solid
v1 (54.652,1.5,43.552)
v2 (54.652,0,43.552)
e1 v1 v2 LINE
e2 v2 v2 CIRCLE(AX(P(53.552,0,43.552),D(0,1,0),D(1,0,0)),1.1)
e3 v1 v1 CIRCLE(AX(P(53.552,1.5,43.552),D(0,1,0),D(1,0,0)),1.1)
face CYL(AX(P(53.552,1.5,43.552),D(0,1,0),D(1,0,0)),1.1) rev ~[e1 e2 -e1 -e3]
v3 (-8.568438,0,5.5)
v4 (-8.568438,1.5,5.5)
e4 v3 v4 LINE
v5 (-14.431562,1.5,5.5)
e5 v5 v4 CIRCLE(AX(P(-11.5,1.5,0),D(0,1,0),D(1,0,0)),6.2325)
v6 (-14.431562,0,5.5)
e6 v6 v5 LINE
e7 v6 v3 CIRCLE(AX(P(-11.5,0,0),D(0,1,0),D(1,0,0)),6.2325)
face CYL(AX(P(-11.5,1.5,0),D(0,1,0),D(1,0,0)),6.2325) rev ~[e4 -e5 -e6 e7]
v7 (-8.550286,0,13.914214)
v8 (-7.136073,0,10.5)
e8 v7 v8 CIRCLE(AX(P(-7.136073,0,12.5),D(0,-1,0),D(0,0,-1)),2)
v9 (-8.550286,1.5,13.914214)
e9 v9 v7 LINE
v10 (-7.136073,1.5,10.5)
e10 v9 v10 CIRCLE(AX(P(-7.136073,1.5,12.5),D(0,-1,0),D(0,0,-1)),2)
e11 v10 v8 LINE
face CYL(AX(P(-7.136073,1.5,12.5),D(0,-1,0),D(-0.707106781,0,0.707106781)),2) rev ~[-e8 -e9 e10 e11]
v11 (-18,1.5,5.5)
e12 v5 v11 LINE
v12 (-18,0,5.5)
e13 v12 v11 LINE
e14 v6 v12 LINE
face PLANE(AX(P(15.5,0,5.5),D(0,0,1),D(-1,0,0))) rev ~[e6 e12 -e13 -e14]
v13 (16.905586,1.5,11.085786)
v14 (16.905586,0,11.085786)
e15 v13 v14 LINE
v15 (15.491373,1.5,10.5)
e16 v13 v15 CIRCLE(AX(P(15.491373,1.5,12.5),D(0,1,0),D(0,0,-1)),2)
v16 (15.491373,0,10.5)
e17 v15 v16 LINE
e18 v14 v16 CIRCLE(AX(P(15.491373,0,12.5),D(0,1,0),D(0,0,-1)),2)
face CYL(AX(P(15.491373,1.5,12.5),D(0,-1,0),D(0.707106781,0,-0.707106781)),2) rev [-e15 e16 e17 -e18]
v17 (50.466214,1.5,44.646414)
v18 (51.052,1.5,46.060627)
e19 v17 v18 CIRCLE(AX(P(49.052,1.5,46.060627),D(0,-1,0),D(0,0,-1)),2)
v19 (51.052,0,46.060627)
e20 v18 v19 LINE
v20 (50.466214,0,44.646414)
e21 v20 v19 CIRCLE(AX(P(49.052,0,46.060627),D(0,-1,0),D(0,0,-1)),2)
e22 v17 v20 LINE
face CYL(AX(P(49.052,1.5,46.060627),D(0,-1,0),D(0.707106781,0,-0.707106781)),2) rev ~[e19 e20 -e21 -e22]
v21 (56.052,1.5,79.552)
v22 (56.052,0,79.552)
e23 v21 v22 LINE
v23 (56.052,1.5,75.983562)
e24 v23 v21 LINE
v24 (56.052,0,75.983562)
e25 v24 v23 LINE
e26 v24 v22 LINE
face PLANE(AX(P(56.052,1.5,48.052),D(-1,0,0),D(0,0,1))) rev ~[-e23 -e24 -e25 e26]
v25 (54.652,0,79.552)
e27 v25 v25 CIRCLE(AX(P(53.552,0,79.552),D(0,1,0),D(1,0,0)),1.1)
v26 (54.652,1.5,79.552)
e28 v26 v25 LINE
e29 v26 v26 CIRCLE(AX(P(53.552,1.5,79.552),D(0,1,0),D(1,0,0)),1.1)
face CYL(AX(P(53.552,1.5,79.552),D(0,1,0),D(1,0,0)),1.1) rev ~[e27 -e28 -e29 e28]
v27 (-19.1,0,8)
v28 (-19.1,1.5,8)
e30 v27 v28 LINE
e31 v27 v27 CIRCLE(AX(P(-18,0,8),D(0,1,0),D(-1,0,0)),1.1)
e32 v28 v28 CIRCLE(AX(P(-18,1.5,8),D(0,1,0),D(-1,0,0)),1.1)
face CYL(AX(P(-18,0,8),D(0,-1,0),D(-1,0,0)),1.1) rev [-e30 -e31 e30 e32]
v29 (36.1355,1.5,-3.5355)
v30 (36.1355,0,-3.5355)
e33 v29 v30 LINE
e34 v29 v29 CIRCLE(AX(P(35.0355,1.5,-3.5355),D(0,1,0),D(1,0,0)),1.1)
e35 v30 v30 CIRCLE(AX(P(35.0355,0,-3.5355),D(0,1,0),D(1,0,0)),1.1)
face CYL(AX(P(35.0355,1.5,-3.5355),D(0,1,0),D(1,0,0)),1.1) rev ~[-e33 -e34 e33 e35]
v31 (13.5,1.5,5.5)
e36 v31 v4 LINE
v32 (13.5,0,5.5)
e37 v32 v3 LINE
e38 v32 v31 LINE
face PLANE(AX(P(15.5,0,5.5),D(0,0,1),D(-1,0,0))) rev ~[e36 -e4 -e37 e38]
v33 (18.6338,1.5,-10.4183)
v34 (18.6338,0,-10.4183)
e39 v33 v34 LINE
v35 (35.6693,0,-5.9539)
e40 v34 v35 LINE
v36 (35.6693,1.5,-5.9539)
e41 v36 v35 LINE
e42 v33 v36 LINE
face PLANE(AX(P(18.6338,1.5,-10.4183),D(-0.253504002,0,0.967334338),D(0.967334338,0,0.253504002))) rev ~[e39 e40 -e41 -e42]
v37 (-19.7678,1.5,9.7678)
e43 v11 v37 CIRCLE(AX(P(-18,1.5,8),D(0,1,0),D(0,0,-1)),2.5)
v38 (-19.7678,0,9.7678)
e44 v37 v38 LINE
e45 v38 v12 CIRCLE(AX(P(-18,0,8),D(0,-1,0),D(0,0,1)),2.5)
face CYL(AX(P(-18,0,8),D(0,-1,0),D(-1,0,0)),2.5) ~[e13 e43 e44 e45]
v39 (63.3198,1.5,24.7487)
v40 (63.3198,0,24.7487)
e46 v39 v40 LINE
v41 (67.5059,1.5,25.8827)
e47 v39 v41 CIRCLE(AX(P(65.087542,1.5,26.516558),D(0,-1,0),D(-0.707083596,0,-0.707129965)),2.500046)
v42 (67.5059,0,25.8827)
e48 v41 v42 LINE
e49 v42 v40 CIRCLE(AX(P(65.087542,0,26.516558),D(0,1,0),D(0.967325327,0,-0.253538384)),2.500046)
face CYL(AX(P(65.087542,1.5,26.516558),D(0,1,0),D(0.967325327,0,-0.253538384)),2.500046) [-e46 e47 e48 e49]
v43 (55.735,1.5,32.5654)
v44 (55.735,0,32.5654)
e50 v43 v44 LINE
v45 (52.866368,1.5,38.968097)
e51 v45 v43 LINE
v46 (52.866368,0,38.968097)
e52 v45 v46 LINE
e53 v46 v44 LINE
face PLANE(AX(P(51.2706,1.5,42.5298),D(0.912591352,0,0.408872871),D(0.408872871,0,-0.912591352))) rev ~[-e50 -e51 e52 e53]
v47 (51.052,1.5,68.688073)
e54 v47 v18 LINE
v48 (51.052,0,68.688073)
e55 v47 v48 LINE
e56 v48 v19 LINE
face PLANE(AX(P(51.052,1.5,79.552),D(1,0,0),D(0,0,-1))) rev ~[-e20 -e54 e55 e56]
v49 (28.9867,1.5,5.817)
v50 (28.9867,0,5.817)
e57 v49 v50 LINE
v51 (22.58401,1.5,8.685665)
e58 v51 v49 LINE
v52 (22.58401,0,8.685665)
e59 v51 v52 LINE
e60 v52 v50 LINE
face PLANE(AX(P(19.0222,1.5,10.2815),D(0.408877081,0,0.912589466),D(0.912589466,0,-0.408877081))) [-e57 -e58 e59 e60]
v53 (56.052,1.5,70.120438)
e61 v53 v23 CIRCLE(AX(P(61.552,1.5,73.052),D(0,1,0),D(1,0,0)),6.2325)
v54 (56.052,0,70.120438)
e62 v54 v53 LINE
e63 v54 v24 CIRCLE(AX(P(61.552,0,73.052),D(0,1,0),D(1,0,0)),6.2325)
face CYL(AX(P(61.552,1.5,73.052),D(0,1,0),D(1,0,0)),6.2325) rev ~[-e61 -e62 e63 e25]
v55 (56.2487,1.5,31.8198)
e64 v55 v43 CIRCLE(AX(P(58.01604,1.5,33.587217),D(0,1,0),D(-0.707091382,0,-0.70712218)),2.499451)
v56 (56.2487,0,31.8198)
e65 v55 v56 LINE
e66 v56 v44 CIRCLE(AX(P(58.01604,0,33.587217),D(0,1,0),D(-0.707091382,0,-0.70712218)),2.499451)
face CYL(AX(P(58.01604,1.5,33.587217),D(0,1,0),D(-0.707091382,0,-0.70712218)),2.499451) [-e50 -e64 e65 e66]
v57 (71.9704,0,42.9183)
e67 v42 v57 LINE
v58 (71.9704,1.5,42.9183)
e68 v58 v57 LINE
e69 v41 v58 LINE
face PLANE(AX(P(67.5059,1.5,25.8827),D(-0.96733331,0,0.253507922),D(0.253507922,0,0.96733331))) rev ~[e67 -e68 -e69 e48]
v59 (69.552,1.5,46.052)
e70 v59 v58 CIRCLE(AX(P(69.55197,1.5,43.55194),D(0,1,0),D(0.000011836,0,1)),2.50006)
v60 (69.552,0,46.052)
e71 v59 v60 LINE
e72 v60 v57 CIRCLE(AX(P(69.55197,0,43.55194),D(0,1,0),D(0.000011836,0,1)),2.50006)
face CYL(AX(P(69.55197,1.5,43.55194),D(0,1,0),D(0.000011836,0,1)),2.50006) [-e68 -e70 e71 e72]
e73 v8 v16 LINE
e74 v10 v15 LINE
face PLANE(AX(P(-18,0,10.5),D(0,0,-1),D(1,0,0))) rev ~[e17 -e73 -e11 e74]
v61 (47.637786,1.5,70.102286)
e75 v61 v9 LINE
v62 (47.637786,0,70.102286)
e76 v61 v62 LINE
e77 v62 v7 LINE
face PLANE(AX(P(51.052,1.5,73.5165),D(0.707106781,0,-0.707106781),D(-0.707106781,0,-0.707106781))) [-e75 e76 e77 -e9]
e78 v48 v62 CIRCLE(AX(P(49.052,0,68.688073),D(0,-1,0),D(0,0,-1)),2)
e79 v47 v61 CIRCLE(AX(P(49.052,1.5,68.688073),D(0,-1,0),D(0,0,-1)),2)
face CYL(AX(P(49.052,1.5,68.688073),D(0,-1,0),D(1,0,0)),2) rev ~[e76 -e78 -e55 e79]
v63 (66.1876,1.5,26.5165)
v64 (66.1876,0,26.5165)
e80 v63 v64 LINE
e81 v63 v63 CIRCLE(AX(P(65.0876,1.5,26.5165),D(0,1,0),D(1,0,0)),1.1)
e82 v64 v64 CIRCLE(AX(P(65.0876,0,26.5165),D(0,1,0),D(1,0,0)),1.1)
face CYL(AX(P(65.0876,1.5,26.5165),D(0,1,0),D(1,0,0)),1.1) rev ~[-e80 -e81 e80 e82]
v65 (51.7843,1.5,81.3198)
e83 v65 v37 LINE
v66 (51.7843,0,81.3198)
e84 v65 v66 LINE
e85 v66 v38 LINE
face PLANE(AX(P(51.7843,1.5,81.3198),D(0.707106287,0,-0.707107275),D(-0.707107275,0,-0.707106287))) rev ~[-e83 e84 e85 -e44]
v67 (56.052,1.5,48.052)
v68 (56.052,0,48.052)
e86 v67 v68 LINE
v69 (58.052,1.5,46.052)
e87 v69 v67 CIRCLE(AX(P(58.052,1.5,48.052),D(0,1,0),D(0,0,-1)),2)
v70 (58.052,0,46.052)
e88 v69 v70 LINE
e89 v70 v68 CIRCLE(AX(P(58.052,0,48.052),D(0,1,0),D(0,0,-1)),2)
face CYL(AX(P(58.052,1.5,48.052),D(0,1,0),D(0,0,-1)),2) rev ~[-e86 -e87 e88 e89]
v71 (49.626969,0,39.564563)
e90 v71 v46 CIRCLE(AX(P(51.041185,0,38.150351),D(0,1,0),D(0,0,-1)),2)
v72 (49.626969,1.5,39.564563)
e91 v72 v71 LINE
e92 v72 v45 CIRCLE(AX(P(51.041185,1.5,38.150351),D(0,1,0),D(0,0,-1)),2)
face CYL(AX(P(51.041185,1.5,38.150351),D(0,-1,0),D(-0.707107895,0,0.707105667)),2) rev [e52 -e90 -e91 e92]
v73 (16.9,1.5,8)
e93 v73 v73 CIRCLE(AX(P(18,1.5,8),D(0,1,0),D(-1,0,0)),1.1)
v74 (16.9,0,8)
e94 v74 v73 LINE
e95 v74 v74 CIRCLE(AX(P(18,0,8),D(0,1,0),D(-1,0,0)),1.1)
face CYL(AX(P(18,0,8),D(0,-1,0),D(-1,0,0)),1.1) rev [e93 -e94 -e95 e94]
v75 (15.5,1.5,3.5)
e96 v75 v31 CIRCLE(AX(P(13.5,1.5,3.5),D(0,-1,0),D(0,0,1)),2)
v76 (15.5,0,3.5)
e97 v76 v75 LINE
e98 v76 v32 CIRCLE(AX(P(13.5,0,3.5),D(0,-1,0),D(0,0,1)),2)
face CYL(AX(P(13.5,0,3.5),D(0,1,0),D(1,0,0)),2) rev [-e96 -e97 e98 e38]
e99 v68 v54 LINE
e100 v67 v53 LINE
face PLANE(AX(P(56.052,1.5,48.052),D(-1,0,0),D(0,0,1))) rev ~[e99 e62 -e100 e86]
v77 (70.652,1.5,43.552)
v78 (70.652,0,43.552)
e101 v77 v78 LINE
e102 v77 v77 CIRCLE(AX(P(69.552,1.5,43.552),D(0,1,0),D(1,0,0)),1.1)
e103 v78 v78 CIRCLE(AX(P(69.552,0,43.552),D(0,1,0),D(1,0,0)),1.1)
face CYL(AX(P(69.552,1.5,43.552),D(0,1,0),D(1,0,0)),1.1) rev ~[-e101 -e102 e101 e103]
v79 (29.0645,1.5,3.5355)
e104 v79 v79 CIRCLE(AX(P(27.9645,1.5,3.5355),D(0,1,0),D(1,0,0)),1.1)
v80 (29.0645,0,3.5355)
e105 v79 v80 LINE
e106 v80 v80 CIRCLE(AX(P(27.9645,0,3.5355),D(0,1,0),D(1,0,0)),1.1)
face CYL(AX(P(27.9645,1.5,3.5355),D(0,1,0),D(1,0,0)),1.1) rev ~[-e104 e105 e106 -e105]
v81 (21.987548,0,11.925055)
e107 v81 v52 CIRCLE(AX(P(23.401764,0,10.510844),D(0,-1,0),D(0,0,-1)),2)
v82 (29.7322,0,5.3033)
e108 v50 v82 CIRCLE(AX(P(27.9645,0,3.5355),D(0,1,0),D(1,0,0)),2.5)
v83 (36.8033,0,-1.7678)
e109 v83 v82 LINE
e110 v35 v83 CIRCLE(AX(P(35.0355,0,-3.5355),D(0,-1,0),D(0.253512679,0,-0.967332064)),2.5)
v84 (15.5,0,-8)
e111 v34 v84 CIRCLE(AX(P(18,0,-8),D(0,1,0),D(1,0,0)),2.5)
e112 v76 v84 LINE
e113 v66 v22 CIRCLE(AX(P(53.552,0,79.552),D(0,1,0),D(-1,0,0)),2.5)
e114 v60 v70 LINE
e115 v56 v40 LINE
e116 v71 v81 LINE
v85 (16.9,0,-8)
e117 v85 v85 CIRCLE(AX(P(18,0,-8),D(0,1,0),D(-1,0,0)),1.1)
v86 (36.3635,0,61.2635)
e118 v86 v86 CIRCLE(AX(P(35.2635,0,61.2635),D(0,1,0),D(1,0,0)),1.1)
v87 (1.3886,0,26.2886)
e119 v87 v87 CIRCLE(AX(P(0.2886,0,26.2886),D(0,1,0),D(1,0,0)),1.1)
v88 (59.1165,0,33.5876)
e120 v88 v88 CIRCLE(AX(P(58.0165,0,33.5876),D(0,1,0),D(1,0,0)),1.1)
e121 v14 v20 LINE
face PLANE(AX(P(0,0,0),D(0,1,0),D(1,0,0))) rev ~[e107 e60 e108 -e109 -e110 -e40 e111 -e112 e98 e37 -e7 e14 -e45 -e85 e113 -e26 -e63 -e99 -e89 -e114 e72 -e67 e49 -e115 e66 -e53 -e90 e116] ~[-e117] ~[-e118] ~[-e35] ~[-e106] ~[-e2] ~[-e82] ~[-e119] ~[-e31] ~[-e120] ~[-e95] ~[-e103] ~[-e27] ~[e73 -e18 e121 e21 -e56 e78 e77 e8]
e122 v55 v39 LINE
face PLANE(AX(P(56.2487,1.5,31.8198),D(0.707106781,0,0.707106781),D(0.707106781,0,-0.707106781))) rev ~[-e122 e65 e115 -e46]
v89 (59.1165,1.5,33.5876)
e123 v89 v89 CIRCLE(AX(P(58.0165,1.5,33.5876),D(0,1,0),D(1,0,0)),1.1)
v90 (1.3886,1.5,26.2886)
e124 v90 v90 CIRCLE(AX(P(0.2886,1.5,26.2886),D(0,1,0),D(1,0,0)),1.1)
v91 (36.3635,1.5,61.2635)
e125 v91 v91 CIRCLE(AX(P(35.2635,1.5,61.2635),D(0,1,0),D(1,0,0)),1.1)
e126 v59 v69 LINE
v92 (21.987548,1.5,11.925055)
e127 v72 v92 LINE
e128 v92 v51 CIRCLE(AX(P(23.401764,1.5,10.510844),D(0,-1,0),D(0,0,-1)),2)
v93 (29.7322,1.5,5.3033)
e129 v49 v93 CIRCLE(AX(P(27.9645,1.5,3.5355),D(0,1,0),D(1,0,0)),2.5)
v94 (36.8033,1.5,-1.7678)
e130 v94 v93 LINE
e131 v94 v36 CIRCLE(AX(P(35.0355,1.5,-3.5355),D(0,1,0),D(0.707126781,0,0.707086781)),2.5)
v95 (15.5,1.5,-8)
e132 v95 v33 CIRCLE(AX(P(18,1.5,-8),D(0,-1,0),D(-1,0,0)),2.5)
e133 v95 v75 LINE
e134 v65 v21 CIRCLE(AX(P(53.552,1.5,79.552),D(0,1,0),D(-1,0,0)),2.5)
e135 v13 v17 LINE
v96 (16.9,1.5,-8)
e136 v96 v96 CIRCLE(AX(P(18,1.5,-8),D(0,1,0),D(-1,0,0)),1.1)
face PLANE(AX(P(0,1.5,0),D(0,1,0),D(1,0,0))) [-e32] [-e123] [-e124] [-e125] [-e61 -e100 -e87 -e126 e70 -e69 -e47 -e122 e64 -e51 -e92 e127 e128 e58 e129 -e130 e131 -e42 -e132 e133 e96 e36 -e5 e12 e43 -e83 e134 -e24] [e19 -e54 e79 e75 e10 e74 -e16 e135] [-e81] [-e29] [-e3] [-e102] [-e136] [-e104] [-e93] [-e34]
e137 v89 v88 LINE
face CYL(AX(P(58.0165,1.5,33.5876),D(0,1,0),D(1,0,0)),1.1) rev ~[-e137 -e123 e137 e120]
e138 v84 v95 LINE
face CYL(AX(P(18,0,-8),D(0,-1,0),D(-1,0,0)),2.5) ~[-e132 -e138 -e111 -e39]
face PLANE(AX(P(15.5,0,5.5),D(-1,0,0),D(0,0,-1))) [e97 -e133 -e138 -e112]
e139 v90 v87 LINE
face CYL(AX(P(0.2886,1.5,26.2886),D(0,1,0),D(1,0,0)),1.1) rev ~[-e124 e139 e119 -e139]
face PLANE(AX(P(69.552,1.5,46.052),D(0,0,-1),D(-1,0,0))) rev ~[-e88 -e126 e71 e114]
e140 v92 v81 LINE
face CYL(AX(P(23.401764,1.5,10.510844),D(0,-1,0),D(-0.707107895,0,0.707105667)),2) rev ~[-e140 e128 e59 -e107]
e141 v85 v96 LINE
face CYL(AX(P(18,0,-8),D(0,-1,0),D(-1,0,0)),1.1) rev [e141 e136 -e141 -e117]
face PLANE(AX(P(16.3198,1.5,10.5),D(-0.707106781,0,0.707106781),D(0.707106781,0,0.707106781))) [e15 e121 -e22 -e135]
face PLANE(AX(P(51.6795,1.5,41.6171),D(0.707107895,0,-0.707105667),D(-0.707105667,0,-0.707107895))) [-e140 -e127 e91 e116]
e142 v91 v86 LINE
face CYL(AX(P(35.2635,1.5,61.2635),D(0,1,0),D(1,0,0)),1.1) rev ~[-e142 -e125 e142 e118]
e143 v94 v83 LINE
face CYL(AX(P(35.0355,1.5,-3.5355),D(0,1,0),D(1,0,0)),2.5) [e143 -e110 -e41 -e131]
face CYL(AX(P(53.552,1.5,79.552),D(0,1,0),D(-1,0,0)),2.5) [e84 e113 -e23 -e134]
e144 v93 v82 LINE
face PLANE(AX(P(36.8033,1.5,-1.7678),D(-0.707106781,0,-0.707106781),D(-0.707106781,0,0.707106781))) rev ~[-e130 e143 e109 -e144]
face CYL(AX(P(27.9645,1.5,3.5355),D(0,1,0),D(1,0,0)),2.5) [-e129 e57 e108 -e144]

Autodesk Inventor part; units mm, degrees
ref_plane "YZ Plane" through (0, 0, 0) normal (1, 0, 0) x (0, 1, 0)
ref_plane "XZ Plane" through (0, 0, 0) normal (0, 1, 0) x (-1, 0, 0)
sketch "スケッチ1" plane through (0, 0, 0) normal (0, 1, 0) x (-1, 0, 0)
  line L0 (18, 8) -> (-18, 8) construction
  line L1 (-18, 8) -> (-18, -8) construction
  line L2 (-18, -8) -> (18, -8) construction
  line L3 (18, -8) -> (18, 8) construction
  line L4 (18, 8) -> (-18, -8) construction
  line L5 (-18, 8) -> (18, -8) construction
  circle A0 centre (18, -8) radius 1.1
  circle A1 centre (-18, -8) radius 1.1
  circle A2 centre (-18, 8) radius 1.1
  circle A3 centre (18, -8) radius 2.5
  circle A4 centre (-18, -8) radius 2.5
  circle A5 centre (-18, 8) radius 2.5
  line L6 (18, -10.5) -> (-18, -10.5)
  line L7 (-15.5, 8) -> (-15.5, -8)
  line L8 (-18, -5.5) -> (18, -5.5)
  line L9 (-20.5, -8) -> (-20.5, 8)
  line L10 (-20.5, 0) -> (18, 0) construction
  circle A6 centre (18, 8) radius 1.1
  circle A7 centre (18, 8) radius 2.5
  line L11 (18, 10.5) -> (-18, 10.5)
  line L12 (-18, 5.5) -> (18, 5.5)
  point P0 (0, 0)
  point P1 (-17.0032, -10.2927)
  point P2 (-17.0032, 10.2927)
  point P3 (-15.5, -5.5)
  point P4 (18.123, -10.497)
  point P5 (-15.5, 5.5)
  dimension "d0" = 36
  dimension "d2" = 2.2
  dimension "d3" = 2.2
  dimension "d5" = 5
  dimension "d17" = 16
extrude "押し出し1" add sketch "スケッチ1" along normal blind 1.5 contours L8 A4 L9 A5 L12 L7 | L7 A4 L8 | A4 | L12 A5 L7 | L7 A5 L11 A7 L12 | A5 | A7
fillet "フィレット1" radius 2 1 edges at (15.5, 0.75, 5.5)
sketch "スケッチ2" plane through (0, 1.5, 0) normal (0, 1, 0) x (1, 0, 0)
  line L0 (39.5, 8) -> (23.5, -8) construction
  line L1 (20.5, -8) -> (20.5, 8) projected
  circle A0 centre (35.0355, 3.5355) radius 1.1
  circle A1 centre (27.9645, -3.5355) radius 1.1
  line L2 (31.5, 0) -> (34.6629, -3.1629) construction
  circle A2 centre (27.9645, -3.5355) radius 2.5
  circle A3 centre (35.0355, 3.5355) radius 2.5
  line L3 (15.5, 8) -> (15.5, -3.5) projected
  arc A4 (18, -10.5) -> (20.5, -8) centre (18, -8) ccw projected
  line L4 (20.5, -8) -> (20.5, 8) projected
  arc A5 (20.5, 8) -> (15.5, 8) centre (18, 8) ccw projected
  circle A6 centre (18, 8) radius 1.1 projected
  circle A7 centre (18, -8) radius 1.1 projected
  line L5 (18.6338, 10.4183) -> (35.6693, 5.9539)
  line L6 (19.0222, -10.2815) -> (28.9867, -5.817)
  line L7 (36.8033, 1.7678) -> (29.7322, -5.3033)
  line L8 (13.5, -5.5) -> (-18, -5.5) projected
  arc A8 (-18, -5.5) -> (-18, -10.5) centre (-18, -8) ccw projected
  line L9 (-18, -10.5) -> (18, -10.5) projected
  arc A9 (13.5, -5.5) -> (15.5, -3.5) centre (13.5, -3.5) ccw projected
  point P0 (0, 0)
  dimension "d18" = 45
  dimension "d19" = 3
  dimension "d20" = 2.2
  dimension "d21" = 2.2
  dimension "d22" = 5
  dimension "d23" = 5
  dimension "d24" = 5
  dimension "d25" = 5
extrude "押し出し2" add sketch "スケッチ2" against normal up to surface (1.5 mm away) contours L1 A5 L5 A3 L7 A2 L6 A4 | A2 | A3
ref_plane "作業平面1" through (31.0675, 0, 31.152) normal (0, 1, 0) x (0, 0, 1)
sketch "スケッチ3" plane through (0, 1.5, 0) normal (0, 1, 0) x (1, 0, 0)
  line L0 (36.8033, 5.3033) -> (66.8553, -24.7487) projected
  line L1 (52.1378, -80.9663) -> (-19.4142, -9.4142) projected
  line L2 (51.8293, -9.7227) -> (16.3618, -45.1902) construction
  circle A0 centre (35.0355, 3.5355) radius 1.1 projected
  circle A1 centre (27.9645, -3.5355) radius 1.1 projected
  arc A2 (18, -10.5) -> (19.0222, -10.2815) centre (18, -8) ccw projected
  line L3 (19.0222, -10.2815) -> (28.9867, -5.817) projected
  arc A3 (28.9867, -5.817) -> (29.7322, -5.3033) centre (27.9645, -3.5355) ccw projected
  line L4 (29.7322, -5.3033) -> (36.8033, 1.7678) projected
  arc A4 (36.8033, 1.7678) -> (35.6693, 5.9539) centre (35.0355, 3.5355) ccw projected
  line L5 (35.6693, 5.9539) -> (18.6338, 10.4183) projected
  arc A5 (18.6338, 10.4183) -> (15.5, 8) centre (18, 8) ccw projected
  line L6 (15.5, 8) -> (15.5, -3.5) projected
  arc A6 (13.5, -5.5) -> (15.5, -3.5) centre (13.5, -3.5) ccw projected
  line L7 (13.5, -5.5) -> (-18, -5.5) projected
  arc A7 (-18, -5.5) -> (-18, -10.5) centre (-18, -8) ccw projected
  line L8 (-18, -10.5) -> (18, -10.5) projected
  circle A8 centre (18, -8) radius 1.1 projected
  circle A9 centre (-18, -8) radius 1.1 projected
  circle A10 centre (18, 8) radius 1.1 projected
  line L9 (66.8553, -24.7487) -> (36.8033, 5.3033)
  line L10 (-19.4142, -9.4142) -> (52.1378, -80.9663)
  circle A11 centre (65.0876, -26.5165) radius 1.1
  circle A12 centre (58.0165, -33.5876) radius 1.1
  arc A13 (51.2706, -42.5298) -> (51.052, -43.552) centre (53.552, -43.552) ccw
  line L11 (51.2706, -42.5298) -> (55.735, -32.5654)
  arc A14 (56.2487, -31.8198) -> (55.735, -32.5654) centre (58.0165, -33.5876) ccw
  line L12 (56.2487, -31.8198) -> (63.3198, -24.7487)
  arc A15 (67.5059, -25.8827) -> (63.3198, -24.7487) centre (65.0876, -26.5165) ccw
  line L13 (67.5059, -25.8827) -> (71.9704, -42.9183)
  arc A16 (69.552, -46.052) -> (71.9704, -42.9183) centre (69.552, -43.552) ccw
  line L14 (69.552, -46.052) -> (58.052, -46.052)
  arc A17 (58.052, -46.052) -> (56.052, -48.052) centre (58.052, -48.052) ccw
  line L15 (56.052, -48.052) -> (56.052, -79.552)
  arc A18 (51.052, -79.552) -> (56.052, -79.552) centre (53.552, -79.552) ccw
  line L16 (51.052, -79.552) -> (51.052, -43.552)
  circle A19 centre (53.552, -43.552) radius 1.1
  circle A20 centre (53.552, -79.552) radius 1.1
  circle A21 centre (69.552, -43.552) radius 1.1
  point P0 (0, 0)
  point P1 (61.552, -61.552)
extrude "押し出し3" add sketch "スケッチ3" against normal up to surface (1.5 mm away) contours A15 L13 A16 L14 A17 L15 A18 L16 A13 L11 A14 L12
sketch "スケッチ4" plane through (0, 1.5, 0) normal (0, 1, 0) x (1, 0, 0)
  arc A0 (51.052, -79.552) -> (56.052, -79.552) centre (53.552, -79.552) ccw projected
  line L0 (51.7843, -81.3198) -> (-19.7678, -9.7678)
  arc A1 (-18, -5.5) -> (-18, -10.5) centre (-18, -8) ccw projected
  arc A2 (-18, -5.5) -> (-18, -10.5) centre (-18, -8) ccw projected
  arc A3 (51.052, -79.552) -> (56.052, -79.552) centre (53.552, -79.552) ccw projected
  circle A4 centre (53.552, -79.552) radius 2.5
  line L1 (55.3198, -77.7843) -> (-16.9645, -5.5)
  line L2 (51.052, -43.552) -> (51.052, -79.552) projected
  line L3 (-18, -10.5) -> (18, -10.5) projected
  line L4 (13.5, -5.5) -> (-18, -5.5) projected
  point P0 (0, 0)
  point P1 (-11.9645, -10.5)
  point P2 (51.052, -73.5165)
extrude "押し出し5" add sketch "スケッチ4" against normal up to surface (1.5 mm away) contours A0 L0 A1 L3 L1 L2
fillet "フィレット2" radius 2 2 edges at (51.052, 0.75, 73.5165) (-11.9645, 0.75, 10.5)
sketch "スケッチ5" plane through (0, 1.5, 0) normal (0, 1, 0) x (1, 0, 0)
  circle A0 centre (-11.5, 0) radius 6.2325 projected
  circle A1 centre (61.552, -73.052) radius 6.2325 projected
  point P0 (0, 0)
extrude "押し出し6" cut sketch "スケッチ5" against normal through all
sketch "スケッチ6" plane through (0, 1.5, 0) normal (0, 1, 0) x (1, 0, 0)
  line L0 (-7.136, -10.5) -> (18, -10.5) projected
  line L1 (16.3198, -10.5) -> (51.052, -45.2322)
  line L2 (51.052, -68.6881) -> (51.052, -43.552) projected
  line L3 (51.2706, -42.5298) -> (55.735, -32.5654) projected
  line L4 (51.6795, -41.6171) -> (19.935, -9.8725)
  line L5 (28.9867, -5.817) -> (19.0222, -10.2815) projected
  line L6 (47.6378, -70.1023) -> (-8.5503, -13.9142) projected
  arc A0 (18, -10.5) -> (19.0222, -10.2815) centre (18, -8) ccw projected
  arc A1 (51.2706, -42.5298) -> (51.052, -43.552) centre (53.552, -43.552) ccw projected
  point P0 (0, 0)
  dimension "d37" = 3
  dimension "d38" = 20
extrude "押し出し7" add sketch "スケッチ6" against normal up to surface (1.5 mm away)
fillet "フィレット3" radius 2 4 edges at (16.3198, 0.75, 10.5) (19.935, 0.75, 9.8725) (51.052, 0.75, 45.2322) (51.6795, 0.75, 41.6171)
sketch "スケッチ7" plane through (0, 1.5, 0) normal (0, 1, 0) x (1, 0, 0)
  arc A0 (-7.136, -10.5) -> (-8.5503, -13.9142) centre (-7.136, -12.5) ccw construction
  line L0 (-8.5503, -13.9142) -> (-12.0858, -17.4497) construction
  line L1 (-19.7678, -9.7678) -> (51.7843, -81.3198) construction
  line L2 (-10.318, -15.682) -> (45.8701, -71.8701) construction
  arc A1 (47.6378, -70.1023) -> (51.052, -68.6881) centre (49.052, -68.6881) ccw construction
  line L3 (47.6378, -70.1023) -> (44.1023, -73.6378) construction
  circle A2 centre (0.2886, -26.2886) radius 1.1
  line L4 (47.6378, -70.1023) -> (-8.5503, -13.9142) projected
  line L5 (17.776, -43.776) -> (16.0083, -45.5438) construction
  circle A3 centre (35.2635, -61.2635) radius 1.1
  point P0 (0, 0)
  dimension "d42" = 2.2
  dimension "d43" = 15
extrude "押し出し8" cut sketch "スケッチ7" against normal through all
equation "\"d23\" = d22"
equation "\"d24\" = d25"
equation "\"d26\" = d22"
properties part number "piti_mata"
